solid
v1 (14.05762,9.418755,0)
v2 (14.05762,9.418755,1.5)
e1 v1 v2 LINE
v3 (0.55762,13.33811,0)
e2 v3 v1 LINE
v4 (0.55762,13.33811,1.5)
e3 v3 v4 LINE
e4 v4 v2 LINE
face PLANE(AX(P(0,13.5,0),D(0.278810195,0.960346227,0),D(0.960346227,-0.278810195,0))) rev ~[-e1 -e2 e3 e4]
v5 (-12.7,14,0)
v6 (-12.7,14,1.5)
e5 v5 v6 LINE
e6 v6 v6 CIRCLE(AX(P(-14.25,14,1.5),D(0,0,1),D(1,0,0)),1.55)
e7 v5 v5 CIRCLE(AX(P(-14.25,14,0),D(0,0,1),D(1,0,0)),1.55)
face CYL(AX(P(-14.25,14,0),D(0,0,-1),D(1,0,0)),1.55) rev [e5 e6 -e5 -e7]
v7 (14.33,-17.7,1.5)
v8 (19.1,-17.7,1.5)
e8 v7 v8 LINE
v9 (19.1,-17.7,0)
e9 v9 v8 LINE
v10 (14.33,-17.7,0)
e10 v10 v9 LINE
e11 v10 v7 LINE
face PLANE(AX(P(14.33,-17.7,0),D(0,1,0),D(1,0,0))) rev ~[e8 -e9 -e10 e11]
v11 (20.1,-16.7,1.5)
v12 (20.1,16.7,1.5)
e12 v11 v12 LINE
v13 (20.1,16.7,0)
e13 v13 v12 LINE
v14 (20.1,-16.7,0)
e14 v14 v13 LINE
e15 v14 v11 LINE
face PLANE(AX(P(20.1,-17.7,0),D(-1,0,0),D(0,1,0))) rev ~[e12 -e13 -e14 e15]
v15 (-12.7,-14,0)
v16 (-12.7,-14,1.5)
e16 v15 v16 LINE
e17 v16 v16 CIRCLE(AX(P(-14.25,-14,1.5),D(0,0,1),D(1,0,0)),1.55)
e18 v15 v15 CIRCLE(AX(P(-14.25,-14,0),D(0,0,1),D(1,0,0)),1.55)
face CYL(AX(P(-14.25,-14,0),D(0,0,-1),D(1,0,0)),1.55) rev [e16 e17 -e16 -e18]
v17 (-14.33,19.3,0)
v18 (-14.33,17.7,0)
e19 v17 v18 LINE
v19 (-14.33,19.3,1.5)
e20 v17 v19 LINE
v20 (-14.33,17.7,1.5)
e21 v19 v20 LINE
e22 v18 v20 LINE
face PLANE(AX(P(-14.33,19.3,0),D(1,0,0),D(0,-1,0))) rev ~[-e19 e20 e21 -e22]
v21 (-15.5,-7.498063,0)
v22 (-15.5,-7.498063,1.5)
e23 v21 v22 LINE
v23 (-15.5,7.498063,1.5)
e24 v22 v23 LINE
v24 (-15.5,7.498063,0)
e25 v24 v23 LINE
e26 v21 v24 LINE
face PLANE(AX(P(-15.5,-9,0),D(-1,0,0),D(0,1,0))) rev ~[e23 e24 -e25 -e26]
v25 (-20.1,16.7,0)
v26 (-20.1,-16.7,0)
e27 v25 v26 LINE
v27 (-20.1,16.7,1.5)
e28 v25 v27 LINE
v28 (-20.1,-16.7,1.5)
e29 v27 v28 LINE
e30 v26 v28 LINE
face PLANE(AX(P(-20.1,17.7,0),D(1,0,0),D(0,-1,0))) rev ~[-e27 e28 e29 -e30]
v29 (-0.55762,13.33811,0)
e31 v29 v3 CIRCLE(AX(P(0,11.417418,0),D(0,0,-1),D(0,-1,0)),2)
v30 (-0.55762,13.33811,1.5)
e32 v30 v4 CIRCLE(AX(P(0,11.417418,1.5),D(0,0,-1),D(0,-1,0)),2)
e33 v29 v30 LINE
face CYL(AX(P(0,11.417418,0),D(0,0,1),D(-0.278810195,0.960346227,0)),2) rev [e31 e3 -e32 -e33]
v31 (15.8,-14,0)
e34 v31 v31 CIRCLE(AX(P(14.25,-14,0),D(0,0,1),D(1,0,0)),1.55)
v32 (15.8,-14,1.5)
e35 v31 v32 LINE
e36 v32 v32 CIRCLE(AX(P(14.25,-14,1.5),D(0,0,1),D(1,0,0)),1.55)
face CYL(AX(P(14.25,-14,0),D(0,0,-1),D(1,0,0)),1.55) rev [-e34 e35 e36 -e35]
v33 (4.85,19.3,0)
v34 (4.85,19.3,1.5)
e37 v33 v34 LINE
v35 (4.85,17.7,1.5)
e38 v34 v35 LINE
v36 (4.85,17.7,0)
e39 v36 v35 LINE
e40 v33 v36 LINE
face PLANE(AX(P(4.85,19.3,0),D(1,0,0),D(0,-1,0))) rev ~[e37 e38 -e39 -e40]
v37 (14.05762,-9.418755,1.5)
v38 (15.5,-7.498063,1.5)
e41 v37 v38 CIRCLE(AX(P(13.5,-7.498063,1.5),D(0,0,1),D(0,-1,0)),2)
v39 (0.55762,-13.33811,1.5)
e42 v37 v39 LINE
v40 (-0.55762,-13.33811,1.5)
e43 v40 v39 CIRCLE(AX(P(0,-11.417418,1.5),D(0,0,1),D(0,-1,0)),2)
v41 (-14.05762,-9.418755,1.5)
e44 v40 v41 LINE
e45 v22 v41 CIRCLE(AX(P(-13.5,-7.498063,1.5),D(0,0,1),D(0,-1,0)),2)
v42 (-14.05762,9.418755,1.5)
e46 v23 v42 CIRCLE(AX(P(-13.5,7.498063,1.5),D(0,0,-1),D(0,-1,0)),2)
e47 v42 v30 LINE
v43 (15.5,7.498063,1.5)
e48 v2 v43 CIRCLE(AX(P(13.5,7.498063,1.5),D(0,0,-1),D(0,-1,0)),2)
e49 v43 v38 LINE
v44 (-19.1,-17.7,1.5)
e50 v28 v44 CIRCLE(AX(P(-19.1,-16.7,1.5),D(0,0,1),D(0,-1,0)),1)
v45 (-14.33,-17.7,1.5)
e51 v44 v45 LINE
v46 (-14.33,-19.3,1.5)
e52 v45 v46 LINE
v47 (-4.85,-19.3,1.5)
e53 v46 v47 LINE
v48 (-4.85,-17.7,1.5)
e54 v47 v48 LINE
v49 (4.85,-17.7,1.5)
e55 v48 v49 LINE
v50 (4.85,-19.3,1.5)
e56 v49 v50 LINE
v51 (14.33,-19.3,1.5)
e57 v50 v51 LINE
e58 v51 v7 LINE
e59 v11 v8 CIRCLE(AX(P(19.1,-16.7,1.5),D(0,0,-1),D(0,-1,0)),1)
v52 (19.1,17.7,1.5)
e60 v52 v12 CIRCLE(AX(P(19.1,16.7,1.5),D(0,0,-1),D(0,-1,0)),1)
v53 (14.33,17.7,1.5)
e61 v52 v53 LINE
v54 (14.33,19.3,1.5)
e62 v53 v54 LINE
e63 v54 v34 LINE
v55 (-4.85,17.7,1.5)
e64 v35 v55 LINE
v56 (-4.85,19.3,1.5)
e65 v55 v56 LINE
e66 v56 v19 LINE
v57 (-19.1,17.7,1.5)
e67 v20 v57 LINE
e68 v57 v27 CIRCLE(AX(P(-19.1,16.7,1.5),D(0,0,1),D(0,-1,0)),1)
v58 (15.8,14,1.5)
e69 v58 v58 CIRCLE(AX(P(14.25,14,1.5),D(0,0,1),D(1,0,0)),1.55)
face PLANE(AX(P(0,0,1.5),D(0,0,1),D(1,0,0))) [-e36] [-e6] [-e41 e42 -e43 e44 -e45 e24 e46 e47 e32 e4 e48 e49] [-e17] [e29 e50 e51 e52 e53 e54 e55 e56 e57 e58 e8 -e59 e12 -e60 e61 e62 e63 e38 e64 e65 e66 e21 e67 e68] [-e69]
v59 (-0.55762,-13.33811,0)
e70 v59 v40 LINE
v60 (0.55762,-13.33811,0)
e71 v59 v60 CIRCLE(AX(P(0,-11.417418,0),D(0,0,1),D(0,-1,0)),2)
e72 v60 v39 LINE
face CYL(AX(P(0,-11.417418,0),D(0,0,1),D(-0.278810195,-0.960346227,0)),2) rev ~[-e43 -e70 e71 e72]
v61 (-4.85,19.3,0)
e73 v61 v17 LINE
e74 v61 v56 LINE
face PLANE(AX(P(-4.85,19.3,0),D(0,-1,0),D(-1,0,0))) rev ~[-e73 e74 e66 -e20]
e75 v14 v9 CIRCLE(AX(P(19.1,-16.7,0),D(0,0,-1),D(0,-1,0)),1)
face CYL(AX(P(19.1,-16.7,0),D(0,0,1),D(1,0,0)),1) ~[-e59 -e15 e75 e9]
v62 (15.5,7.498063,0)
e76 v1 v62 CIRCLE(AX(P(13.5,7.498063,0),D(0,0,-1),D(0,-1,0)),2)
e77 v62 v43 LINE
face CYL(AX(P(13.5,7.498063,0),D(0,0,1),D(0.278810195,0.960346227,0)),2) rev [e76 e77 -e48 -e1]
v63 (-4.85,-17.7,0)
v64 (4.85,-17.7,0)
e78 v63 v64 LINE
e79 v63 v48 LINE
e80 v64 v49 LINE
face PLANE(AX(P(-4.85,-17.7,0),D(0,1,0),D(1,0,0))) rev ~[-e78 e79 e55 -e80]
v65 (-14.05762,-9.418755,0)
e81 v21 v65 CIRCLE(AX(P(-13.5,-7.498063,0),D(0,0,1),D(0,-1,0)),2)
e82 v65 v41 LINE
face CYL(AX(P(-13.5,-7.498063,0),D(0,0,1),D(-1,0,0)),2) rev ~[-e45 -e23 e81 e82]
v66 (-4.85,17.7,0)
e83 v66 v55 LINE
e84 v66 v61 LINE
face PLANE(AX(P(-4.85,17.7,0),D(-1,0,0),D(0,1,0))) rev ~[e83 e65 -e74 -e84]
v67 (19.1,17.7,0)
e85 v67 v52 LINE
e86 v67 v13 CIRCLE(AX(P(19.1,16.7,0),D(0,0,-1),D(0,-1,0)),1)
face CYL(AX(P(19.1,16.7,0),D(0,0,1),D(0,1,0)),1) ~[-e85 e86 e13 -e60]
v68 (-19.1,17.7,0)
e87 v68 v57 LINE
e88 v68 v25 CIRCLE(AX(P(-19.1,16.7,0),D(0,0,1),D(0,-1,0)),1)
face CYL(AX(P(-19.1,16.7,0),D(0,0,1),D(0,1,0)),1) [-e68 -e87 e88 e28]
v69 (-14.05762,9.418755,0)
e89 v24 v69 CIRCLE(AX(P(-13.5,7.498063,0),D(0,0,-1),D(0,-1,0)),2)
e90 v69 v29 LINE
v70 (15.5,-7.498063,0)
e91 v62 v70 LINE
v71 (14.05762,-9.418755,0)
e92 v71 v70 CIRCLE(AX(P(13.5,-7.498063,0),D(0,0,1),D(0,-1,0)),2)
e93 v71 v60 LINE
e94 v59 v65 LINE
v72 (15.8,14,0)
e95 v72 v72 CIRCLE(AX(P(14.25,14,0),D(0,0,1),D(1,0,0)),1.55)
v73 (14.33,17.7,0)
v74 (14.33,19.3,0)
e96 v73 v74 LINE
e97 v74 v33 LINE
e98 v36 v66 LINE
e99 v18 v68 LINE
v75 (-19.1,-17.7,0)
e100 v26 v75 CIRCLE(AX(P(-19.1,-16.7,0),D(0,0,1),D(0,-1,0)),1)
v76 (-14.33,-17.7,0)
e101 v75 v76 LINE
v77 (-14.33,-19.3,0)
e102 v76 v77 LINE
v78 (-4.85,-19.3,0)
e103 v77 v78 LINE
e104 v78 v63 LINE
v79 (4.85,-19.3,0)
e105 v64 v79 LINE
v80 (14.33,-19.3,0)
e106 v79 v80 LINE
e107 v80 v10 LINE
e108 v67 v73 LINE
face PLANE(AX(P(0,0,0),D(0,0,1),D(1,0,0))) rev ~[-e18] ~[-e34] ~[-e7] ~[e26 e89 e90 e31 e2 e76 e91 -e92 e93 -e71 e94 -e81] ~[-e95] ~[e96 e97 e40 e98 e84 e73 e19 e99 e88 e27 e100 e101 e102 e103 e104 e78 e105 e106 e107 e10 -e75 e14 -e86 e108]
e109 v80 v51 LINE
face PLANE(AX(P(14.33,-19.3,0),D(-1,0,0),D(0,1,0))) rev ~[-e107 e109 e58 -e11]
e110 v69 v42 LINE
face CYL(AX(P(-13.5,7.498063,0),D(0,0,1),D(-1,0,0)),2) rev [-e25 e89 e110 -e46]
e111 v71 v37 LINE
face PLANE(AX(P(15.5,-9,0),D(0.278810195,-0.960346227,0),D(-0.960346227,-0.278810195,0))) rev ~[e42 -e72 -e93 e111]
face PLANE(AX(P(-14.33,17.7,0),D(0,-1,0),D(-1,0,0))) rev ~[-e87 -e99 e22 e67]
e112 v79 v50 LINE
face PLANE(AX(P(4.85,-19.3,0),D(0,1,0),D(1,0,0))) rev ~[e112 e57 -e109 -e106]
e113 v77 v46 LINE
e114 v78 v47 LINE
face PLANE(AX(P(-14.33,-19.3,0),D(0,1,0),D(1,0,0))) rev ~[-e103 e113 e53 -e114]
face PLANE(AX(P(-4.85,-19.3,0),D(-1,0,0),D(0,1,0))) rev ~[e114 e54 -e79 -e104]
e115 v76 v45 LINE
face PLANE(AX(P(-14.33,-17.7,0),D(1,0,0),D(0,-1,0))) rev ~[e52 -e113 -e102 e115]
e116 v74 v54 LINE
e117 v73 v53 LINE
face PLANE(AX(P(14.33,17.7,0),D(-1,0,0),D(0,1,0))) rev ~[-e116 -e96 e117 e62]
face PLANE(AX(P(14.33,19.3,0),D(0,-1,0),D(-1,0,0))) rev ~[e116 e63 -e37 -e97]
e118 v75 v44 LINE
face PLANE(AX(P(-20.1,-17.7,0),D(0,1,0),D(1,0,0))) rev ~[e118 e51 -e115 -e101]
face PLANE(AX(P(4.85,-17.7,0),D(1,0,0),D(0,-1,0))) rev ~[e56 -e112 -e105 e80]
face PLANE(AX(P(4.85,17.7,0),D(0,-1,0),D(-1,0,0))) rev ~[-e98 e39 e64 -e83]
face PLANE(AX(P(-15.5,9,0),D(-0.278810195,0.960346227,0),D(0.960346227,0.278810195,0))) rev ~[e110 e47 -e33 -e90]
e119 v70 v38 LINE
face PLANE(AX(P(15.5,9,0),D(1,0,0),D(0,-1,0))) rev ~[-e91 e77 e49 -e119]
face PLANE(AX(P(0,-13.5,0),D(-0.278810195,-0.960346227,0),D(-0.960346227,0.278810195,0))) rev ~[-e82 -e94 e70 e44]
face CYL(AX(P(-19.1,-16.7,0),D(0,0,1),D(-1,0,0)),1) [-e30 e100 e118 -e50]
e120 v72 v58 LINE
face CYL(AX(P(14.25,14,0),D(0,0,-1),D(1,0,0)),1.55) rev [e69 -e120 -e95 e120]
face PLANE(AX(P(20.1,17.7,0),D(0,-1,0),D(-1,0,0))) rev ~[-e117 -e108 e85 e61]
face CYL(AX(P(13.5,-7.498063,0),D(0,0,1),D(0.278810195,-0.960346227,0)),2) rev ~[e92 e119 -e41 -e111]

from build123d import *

# Parameters (mm, degrees)
F0_R     = 1.55
F1_DEPTH = 1.5
F2_R     = 2
F3_R     = 1


with BuildPart() as f1:
    # F0 (on Top) → F1 (new body)
    with BuildSketch(Plane.XY):
        Polygon((-14.33, 17.7), (-20.1, 17.7), (-20.1, -17.7), (-14.33, -17.7), (-14.33, -19.3), (-4.85, -19.3), (-4.85, -17.7), (0, -17.7), (4.85, -17.7), (4.85, -19.3), (14.33, -19.3), (14.33, -17.7), (20.1, -17.7), (20.1, 17.7), (14.33, 17.7), (14.33, 19.3), (4.85, 19.3), (4.85, 17.7), (0, 17.7), (-4.85, 17.7), (-4.85, 19.3), (-14.33, 19.3), align=None)
        with Locations((-14.25, -14)):
            Circle(F0_R, mode=Mode.SUBTRACT)
        with Locations((14.25, -14)):
            Circle(F0_R, mode=Mode.SUBTRACT)
        with Locations((-14.25, 14)):
            Circle(F0_R, mode=Mode.SUBTRACT)
        Polygon((-15.5, 9), (0, 13.5), (15.5, 9), (15.5, -9), (0, -13.5), (-15.5, -9), align=None, mode=Mode.SUBTRACT)
        with Locations((14.25, 14)):
            Circle(F0_R, mode=Mode.SUBTRACT)
    extrude(amount=F1_DEPTH)

    # F2
    f2_edges = [f1.edges().sort_by_distance(p)[0] for p in [
        (-15.5, -9, 0.75),
        (-15.5, 9, 0.75),
        (0, 13.5, 0.75),
        (15.5, 9, 0.75),
        (15.5, -9, 0.75),
        (0, -13.5, 0.75),
    ]]
    fillet(f2_edges, radius=F2_R)

    # F3
    f3_edges = [f1.edges().sort_by_distance(p)[0] for p in [
        (-20.1, 17.7, 0.75),
        (20.1, 17.7, 0.75),
        (20.1, -17.7, 0.75),
        (-20.1, -17.7, 0.75),
    ]]
    fillet(f3_edges, radius=F3_R)


solid = f1.part
